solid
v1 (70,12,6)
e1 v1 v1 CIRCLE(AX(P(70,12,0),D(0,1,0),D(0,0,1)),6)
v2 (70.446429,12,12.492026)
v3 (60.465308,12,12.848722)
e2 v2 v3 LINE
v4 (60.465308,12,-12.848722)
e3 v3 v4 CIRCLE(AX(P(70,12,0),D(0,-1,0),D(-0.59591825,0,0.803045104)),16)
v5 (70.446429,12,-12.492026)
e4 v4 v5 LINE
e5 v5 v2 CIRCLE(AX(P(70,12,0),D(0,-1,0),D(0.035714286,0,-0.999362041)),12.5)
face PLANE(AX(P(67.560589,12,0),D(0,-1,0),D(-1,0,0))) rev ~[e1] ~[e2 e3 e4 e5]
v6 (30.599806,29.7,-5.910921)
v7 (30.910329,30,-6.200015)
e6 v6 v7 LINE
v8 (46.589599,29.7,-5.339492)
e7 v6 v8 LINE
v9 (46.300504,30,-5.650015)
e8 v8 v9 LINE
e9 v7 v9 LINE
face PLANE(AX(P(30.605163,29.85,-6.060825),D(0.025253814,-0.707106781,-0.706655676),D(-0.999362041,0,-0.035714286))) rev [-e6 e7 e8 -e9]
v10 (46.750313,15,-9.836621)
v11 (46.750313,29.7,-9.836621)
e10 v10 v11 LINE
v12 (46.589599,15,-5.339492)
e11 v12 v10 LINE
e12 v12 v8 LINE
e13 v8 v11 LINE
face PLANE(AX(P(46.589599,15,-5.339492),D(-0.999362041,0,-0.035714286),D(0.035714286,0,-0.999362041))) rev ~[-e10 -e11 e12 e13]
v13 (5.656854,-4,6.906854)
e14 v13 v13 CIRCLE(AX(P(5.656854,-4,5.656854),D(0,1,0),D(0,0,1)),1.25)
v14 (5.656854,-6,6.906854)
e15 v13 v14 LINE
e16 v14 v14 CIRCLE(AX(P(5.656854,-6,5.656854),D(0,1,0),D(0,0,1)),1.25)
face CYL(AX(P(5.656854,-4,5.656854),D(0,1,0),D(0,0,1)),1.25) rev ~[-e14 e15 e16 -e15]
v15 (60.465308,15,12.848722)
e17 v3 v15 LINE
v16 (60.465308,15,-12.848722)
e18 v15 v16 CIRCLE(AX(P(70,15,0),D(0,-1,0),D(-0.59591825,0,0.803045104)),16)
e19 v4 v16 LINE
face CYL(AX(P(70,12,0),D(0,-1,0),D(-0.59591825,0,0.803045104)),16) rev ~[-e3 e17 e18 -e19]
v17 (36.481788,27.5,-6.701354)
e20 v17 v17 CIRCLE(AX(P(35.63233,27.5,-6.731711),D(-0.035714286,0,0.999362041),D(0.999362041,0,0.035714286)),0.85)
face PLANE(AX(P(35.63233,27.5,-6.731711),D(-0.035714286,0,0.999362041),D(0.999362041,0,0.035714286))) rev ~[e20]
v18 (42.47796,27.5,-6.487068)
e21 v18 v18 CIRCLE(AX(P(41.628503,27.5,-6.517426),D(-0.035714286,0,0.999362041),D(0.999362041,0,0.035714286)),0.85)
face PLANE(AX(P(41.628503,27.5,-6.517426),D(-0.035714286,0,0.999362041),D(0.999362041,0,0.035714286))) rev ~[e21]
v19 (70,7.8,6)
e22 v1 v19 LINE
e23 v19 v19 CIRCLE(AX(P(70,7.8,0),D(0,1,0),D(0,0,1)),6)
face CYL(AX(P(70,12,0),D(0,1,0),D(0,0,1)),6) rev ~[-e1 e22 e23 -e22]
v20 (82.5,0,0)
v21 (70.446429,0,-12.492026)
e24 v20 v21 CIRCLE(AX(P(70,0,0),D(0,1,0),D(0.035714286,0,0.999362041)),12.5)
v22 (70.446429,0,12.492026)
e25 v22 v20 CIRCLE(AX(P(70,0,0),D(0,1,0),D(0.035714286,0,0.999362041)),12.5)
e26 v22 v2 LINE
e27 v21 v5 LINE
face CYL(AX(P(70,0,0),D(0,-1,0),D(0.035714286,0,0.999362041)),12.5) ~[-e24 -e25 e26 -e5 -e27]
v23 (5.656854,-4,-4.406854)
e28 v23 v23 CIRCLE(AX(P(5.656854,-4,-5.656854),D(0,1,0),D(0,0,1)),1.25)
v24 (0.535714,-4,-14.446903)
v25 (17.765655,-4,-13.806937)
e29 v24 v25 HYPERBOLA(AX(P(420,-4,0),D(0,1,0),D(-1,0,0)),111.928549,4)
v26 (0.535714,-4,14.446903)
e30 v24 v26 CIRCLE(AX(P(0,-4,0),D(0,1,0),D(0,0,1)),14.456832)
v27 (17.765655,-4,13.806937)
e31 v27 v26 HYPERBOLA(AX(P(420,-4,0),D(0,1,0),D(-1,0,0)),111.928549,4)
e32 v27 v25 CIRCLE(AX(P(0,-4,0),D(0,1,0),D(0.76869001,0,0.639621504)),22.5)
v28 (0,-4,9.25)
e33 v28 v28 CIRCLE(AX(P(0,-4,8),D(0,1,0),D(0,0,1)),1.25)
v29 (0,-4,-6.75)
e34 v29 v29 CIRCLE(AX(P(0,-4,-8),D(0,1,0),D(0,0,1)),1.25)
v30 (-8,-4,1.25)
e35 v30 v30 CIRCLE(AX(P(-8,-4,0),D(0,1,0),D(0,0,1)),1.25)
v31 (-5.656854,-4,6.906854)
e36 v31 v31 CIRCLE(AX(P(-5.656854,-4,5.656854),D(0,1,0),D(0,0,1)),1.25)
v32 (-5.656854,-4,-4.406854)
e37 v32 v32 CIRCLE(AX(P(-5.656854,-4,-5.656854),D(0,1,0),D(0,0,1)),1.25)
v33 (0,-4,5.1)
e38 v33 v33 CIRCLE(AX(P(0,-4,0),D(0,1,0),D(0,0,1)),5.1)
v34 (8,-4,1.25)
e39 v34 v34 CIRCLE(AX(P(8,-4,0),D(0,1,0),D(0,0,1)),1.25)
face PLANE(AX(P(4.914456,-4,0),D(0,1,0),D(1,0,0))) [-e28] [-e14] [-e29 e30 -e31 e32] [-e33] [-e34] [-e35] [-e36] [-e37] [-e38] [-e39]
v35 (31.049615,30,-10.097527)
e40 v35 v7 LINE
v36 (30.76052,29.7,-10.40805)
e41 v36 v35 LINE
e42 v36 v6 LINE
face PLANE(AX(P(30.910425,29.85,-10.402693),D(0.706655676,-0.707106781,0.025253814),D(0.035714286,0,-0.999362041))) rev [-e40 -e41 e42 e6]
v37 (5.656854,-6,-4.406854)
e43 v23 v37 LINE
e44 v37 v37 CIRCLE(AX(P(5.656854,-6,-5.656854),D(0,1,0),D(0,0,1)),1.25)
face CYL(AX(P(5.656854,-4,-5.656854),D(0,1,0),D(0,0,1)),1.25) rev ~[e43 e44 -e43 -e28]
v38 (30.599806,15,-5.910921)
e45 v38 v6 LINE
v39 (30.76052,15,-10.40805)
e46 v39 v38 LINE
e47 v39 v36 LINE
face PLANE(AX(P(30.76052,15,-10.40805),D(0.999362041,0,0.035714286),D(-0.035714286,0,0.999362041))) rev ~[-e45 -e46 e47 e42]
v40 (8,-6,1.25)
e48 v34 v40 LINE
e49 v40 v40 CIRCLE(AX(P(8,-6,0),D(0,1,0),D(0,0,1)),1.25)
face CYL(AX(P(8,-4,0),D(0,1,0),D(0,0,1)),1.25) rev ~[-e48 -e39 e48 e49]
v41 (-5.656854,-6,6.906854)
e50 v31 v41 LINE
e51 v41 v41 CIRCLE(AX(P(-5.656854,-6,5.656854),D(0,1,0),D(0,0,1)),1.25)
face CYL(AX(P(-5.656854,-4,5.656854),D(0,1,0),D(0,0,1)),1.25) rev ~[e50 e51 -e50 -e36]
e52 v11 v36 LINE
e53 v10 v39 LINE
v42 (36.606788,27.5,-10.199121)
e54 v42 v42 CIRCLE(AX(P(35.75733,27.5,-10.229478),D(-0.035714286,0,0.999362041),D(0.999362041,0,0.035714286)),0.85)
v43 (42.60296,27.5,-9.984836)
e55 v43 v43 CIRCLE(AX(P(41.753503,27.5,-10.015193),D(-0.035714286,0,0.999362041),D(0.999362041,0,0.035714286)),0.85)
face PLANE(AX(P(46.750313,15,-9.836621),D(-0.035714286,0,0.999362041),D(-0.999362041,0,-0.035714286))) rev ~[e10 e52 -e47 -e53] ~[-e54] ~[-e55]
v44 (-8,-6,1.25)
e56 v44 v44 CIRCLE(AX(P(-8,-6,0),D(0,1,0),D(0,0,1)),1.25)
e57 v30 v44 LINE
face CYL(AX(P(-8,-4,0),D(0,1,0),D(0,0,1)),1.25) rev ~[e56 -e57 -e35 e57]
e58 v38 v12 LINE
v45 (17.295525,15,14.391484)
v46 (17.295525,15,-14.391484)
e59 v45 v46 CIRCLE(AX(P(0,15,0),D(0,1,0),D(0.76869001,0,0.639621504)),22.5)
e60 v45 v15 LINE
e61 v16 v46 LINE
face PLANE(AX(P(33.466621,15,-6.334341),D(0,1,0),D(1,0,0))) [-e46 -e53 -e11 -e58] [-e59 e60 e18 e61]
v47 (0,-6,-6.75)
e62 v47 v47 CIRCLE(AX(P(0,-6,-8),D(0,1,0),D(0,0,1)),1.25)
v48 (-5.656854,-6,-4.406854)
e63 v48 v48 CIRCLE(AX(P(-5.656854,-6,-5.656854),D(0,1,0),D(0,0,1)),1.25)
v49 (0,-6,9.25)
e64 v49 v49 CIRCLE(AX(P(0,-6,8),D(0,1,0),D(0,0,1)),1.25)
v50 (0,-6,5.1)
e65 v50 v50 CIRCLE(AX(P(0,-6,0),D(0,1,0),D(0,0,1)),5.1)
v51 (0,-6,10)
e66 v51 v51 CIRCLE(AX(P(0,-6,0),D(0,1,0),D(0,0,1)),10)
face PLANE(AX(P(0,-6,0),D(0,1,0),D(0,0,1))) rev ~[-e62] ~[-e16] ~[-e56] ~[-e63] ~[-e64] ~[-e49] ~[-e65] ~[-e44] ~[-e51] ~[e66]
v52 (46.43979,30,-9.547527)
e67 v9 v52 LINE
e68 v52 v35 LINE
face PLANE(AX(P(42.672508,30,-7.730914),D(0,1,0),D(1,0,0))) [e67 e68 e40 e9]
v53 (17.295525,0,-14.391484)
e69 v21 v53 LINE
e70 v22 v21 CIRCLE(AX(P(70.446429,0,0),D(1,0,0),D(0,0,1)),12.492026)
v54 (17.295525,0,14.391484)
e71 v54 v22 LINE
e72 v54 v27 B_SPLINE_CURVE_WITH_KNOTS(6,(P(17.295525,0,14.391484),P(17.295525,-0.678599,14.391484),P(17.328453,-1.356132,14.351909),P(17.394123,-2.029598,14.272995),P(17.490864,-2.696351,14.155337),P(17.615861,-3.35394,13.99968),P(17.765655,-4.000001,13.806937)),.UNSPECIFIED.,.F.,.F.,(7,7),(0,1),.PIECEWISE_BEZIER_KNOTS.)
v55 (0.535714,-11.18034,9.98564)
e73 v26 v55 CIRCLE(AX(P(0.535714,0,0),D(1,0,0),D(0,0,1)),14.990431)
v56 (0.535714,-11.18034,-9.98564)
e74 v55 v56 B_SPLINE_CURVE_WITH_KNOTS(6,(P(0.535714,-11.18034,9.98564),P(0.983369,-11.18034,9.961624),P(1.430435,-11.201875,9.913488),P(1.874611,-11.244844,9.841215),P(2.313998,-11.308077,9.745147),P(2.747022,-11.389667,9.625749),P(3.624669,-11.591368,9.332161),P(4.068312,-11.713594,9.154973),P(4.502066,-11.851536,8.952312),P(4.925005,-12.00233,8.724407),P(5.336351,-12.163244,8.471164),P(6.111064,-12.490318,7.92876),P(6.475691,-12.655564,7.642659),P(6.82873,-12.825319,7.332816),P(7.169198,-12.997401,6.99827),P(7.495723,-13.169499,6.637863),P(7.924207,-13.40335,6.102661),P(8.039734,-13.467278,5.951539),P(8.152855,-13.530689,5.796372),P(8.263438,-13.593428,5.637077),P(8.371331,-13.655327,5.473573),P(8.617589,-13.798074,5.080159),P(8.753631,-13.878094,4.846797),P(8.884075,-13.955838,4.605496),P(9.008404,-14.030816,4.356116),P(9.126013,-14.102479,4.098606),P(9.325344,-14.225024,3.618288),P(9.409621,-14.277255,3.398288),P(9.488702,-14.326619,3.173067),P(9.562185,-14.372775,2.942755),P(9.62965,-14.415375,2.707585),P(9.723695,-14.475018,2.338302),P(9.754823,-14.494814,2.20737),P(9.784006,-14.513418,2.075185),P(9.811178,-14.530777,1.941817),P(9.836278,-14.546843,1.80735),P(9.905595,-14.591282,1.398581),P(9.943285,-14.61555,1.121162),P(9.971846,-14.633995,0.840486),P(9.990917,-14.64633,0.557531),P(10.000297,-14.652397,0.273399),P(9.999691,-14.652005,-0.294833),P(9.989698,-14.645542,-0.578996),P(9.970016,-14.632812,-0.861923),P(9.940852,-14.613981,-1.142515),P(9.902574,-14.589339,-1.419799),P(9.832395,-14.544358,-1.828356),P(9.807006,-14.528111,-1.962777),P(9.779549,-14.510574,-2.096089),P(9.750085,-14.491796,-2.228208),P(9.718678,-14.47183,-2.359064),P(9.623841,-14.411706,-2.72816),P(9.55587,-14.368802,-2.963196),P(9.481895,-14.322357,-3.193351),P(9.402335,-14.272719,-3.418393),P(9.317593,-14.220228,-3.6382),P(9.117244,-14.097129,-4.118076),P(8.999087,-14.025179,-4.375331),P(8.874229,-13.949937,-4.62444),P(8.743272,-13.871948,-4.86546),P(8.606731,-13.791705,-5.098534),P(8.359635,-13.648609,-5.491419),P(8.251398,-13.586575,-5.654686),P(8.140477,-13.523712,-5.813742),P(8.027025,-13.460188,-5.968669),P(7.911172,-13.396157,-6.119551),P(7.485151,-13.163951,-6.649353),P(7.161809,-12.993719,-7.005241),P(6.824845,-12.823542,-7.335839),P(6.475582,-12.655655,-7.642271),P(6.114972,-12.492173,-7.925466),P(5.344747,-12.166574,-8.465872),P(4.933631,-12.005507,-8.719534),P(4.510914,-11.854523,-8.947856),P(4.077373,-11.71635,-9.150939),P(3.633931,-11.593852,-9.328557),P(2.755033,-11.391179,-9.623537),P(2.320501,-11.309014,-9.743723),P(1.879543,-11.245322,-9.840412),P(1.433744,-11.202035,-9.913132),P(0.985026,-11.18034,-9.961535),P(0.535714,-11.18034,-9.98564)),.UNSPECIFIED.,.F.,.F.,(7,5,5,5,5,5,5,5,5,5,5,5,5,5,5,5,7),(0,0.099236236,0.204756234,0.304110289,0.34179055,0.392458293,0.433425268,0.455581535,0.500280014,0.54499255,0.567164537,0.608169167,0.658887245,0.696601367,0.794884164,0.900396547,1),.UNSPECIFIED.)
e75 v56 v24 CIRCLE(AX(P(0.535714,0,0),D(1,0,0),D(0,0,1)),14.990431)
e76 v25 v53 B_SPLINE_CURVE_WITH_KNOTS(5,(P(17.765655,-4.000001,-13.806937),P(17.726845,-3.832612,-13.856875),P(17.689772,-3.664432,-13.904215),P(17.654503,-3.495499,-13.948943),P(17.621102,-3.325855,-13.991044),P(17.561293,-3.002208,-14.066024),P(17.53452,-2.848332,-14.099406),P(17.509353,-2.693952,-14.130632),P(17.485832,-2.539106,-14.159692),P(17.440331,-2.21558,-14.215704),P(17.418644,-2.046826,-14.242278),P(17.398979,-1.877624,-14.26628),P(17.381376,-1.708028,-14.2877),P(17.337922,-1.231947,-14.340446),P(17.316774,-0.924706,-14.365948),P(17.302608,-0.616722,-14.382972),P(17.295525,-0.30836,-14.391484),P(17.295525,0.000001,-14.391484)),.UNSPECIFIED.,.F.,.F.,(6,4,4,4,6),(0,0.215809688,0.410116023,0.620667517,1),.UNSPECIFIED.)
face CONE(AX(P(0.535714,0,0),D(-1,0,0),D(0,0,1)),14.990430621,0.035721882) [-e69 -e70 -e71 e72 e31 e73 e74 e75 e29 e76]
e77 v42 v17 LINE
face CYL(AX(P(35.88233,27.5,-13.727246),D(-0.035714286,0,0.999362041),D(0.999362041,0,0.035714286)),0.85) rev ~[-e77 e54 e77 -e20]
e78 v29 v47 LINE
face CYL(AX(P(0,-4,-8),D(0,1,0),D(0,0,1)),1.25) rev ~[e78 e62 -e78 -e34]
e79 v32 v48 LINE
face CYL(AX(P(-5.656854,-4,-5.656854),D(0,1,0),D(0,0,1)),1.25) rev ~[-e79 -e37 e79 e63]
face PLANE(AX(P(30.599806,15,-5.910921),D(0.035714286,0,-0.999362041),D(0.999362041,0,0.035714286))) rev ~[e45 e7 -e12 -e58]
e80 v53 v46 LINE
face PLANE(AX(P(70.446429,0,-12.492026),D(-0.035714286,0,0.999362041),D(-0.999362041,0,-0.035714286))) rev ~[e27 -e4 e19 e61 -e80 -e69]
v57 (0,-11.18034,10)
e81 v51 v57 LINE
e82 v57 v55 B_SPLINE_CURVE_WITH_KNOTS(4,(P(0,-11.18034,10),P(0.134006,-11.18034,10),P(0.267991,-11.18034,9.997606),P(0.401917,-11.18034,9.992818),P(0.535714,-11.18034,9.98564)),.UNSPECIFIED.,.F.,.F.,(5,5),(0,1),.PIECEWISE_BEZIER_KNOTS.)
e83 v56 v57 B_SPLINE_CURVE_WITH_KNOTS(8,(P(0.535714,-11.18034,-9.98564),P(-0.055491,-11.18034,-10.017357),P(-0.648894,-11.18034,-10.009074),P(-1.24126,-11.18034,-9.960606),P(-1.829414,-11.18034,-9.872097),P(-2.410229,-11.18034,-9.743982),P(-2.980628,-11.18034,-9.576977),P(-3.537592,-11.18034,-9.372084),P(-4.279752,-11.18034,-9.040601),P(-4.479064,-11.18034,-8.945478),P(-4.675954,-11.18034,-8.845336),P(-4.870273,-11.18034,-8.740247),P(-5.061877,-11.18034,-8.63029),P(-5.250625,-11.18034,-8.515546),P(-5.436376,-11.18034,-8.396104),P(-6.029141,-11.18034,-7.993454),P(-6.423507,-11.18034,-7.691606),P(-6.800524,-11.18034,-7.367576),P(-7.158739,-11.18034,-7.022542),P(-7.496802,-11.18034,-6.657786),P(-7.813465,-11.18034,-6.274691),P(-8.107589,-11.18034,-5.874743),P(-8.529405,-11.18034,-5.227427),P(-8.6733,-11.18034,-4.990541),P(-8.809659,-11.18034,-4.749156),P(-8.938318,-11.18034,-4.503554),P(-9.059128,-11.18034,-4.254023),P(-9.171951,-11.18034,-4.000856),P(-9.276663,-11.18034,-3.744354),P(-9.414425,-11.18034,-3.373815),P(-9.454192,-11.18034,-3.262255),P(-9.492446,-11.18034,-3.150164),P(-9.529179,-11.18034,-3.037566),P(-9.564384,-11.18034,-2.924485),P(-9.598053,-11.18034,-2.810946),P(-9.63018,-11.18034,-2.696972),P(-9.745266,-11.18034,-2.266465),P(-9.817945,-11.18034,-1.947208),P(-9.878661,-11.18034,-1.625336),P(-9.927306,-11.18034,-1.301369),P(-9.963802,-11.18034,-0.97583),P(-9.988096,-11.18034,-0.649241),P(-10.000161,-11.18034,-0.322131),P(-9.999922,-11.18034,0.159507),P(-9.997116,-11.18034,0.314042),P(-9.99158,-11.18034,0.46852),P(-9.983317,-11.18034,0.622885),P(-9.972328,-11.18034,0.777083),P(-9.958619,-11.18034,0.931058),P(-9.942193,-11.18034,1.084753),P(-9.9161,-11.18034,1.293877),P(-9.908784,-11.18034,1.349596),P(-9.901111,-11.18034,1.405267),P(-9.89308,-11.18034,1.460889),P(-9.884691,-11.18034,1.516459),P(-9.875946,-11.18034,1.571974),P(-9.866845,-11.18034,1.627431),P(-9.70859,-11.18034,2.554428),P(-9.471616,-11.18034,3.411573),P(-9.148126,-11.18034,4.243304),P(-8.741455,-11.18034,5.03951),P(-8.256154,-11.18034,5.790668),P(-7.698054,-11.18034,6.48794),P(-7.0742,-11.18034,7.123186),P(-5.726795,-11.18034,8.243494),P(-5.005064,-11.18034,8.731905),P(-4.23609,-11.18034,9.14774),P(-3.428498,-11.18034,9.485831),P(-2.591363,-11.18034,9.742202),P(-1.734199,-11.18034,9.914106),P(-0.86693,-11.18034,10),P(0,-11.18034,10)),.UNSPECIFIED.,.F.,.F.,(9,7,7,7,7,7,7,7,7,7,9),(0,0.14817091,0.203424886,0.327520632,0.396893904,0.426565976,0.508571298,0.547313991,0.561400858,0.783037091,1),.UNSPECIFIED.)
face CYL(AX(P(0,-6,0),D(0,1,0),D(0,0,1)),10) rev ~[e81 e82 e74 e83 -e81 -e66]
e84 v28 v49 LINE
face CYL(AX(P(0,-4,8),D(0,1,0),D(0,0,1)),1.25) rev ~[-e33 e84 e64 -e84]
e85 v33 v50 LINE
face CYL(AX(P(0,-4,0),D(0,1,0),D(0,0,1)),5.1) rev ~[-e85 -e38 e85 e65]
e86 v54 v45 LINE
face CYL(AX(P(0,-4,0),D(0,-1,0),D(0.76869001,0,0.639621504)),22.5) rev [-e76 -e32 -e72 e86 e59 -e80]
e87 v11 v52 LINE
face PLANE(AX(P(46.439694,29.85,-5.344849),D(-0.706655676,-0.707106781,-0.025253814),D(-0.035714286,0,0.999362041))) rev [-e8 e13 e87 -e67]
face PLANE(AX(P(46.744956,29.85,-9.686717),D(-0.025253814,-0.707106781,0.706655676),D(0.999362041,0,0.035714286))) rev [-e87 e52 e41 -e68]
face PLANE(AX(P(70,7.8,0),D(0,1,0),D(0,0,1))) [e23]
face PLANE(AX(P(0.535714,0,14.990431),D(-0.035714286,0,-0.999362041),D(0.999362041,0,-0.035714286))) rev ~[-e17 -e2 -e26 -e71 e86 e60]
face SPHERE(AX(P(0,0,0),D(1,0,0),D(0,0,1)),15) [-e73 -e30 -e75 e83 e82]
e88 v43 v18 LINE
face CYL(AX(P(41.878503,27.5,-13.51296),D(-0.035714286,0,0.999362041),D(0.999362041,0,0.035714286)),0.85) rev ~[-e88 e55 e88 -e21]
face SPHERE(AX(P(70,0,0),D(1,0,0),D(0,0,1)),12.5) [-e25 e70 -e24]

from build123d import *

# Parameters (mm, degrees)
EXTRUDE_1_DEPTH     = 15
REVOLVE_1_ANGLE     = 180.0000000000004
CUT_EXTRUDE_START   = -19
CUT_EXTRUDE_1_DEPTH = 19
SKETCH_5_R          = 10
CUT_EXTRUDE_2_DEPTH = 87.34958022017247
SKETCH_4_R          = 1.2499999999999991
SKETCH_4_R_2        = 1.2500000000000002
SKETCH_4_R_3        = 1.2499999999999996
SKETCH_4_R_4        = 1.2499999999999987
SKETCH_4_R_5        = 1.2499999999999984
SKETCH_4_R_6        = 1.249999999999999
SKETCH_4_R_7        = 5.1000000000000005
CUT_EXTRUDE_3_DEPTH = 86.88509768172823
CUT_EXTRUDE_START_2 = -3
CUT_EXTRUDE_5_DEPTH = 3
SKETCH_6_R          = 6.000000000000003
CUT_EXTRUDE_4_DEPTH = 4.2
EXTRUDE_2_DEPTH     = 15
CHAMFER_1_SIZE      = 0.3
HOLE_WIZARD_1_D     = 1.7
HOLE_WIZARD_1_DEPTH = 3.5


with BuildPart() as part:
    # 草图2 → 凸台-拉伸1 (new body)
    with BuildSketch(Plane(origin=(0, 0, 0), x_dir=(1, 0, 0), z_dir=(0, 1, 0))):
        with BuildLine():
            Line((70.44642857142858, 12.492025517529665), (0.5357142857142793, 14.990430621035568))
            ThreePointArc((0.5357142857142791, 14.990430621035566), (-10.41547612244118, 10.79434375693384), (-14.99999999999997, 1.22e-15))
            Line((-15, 0), (82.5, -8.67e-15))
            ThreePointArc((82.5, -8.44e-15), (78.99528646411157, 8.679563435367664), (70.44642857142858, 12.492025517529667))
        make_face()
        with BuildLine():
            Line((82.5, -8.67e-15), (-15, 0))
            ThreePointArc((-14.999999999999998, 0), (-10.415476122441204, -10.794343756933866), (0.535714285714286, -14.990430621035598))
            Line((0.5357142857142848, -14.990430621035598), (70.44642857142858, -12.492025517529669))
            ThreePointArc((70.44642857142858, -12.492025517529669), (78.99528646411156, -8.679563435367672), (82.5, -8.72e-15))
        make_face()
    extrude(amount=EXTRUDE_1_DEPTH)

    # 草图1 → 旋转1 (revolve)
    with BuildSketch(Plane(origin=(0, 0, 0), x_dir=(1, 0, 0), z_dir=(0, 1, 0))):
        with BuildLine():
            Line((0.5357142857142848, -14.990430621035598), (70.44642857142858, -12.492025517529669))
            ThreePointArc((70.44642857142858, -12.492025517529669), (78.99528646411156, -8.67956343536767), (82.5, 0))
            Line((82.5, 0), (-15, 0))
            ThreePointArc((-15, 0), (-10.415476122441207, -10.794343756933864), (0.5357142857142848, -14.990430621035598))
        make_face()
    revolve(axis=Axis((70, 0, 8.67e-15), (1, 0, 1.2e-16)), revolution_arc=REVOLVE_1_ANGLE)

    # 草图3 → 切除-拉伸1 (cut)
    with BuildSketch(Plane(origin=(0, 15, 0), x_dir=(1, 0, 0), z_dir=(0, 1, 0)).offset(CUT_EXTRUDE_START)):
        with BuildLine():
            Line((17.295525226029294, 14.391483841348133), (0.5357142857142793, 14.990430621035568))
            ThreePointArc((0.5357142857142793, 14.990430621035568), (-14.999999999999972, 1.84e-15), (0.5357142857142814, -14.990430621035584))
            Line((0.5357142857142814, -14.990430621035584), (17.29552522602928, -14.391483841348148))
            ThreePointArc((17.29552522602928, -14.391483841348148), (22.5, -9.99e-15), (17.295525226029294, 14.391483841348133))
        make_face()
    extrude(amount=CUT_EXTRUDE_1_DEPTH, mode=Mode.SUBTRACT)

    # 草图5 → 切除-拉伸2 (cut, through all)
    with BuildSketch(Plane(origin=(0, -6, 0), x_dir=(1, 0, 0), z_dir=(0, 1, 0))):
        with Locations(Location((0, 0, 0), (0, 0, 270))):
            Circle(SKETCH_5_R)
    extrude(amount=-CUT_EXTRUDE_2_DEPTH, mode=Mode.SUBTRACT)

    # 草图4 → 切除-拉伸3 (cut, through all)
    with BuildSketch(Plane(origin=(0, -4, 0), x_dir=(1, 0, 0), z_dir=(0, 1, 0))):
        with Locations(Location((8, 0, 0), (0, 0, 270))):
            Circle(SKETCH_4_R)
        with Locations(Location((5.656854249492371, -5.656854249492391, 0), (0, 0, 270))):
            Circle(SKETCH_4_R_2)
        with Locations(Location((-2.793e-14, -8, 0), (0, 0, 270))):
            Circle(SKETCH_4_R_3)
        with Locations(Location((-5.656854249492411, -5.65685424949235, 0), (0, 0, 270))):
            Circle(SKETCH_4_R_4)
        with Locations(Location((-8, 5.586e-14, 0), (0, 0, 270))):
            Circle(SKETCH_4_R_5)
        with Locations(Location((-5.65685424949233, 5.656854249492429, 0), (0, 0, 270))):
            Circle(SKETCH_4_R_3)
        with Locations(Location((8.38e-14, 7.999999999999998, 0), (0, 0, 270))):
            Circle(SKETCH_4_R_6)
        with Locations(Location((5.656854249492451, 5.656854249492311, 0), (0, 0, 270))):
            Circle(SKETCH_4_R_6)
        with Locations(Location((0, 0, 0), (0, 0, 270))):
            Circle(SKETCH_4_R_7)
    extrude(amount=-CUT_EXTRUDE_3_DEPTH, mode=Mode.SUBTRACT)

    # 草图11 → 切除-拉伸5 (cut)
    with BuildSketch(Plane(origin=(0, 15, 0), x_dir=(1, 0, 0), z_dir=(0, 1, 0)).offset(CUT_EXTRUDE_START_2)):
        with BuildLine():
            Line((60.46530800021301, 12.848721666733917), (70.44642857142858, 12.492025517529665))
            ThreePointArc((70.44642857142858, 12.492025517529665), (82.5, -8.67e-15), (70.44642857142858, -12.492025517529669))
            Line((70.44642857142858, -12.492025517529669), (60.46530800021299, -12.848721666733926))
            ThreePointArc((60.46530800021299, -12.848721666733926), (54, 3.9e-16), (60.46530800021301, 12.848721666733917))
        make_face()
    extrude(amount=CUT_EXTRUDE_5_DEPTH, mode=Mode.SUBTRACT)

    # 草图6 → 切除-拉伸4 (cut)
    with BuildSketch(Plane(origin=(0, 12, 0), x_dir=(1, 0, 0), z_dir=(0, 1, 0))):
        with Locations(Location((70, -8.67e-15, 0), (0, 0, 270))):
            Circle(SKETCH_6_R)
    extrude(amount=-CUT_EXTRUDE_4_DEPTH, mode=Mode.SUBTRACT)

    # 草图12 → 凸台-拉伸2 (add)
    with BuildSketch(Plane(origin=(0, 15, 0), x_dir=(1, 0, 0), z_dir=(0, 1, 0))):
        Polygon((38.755416613121156, 10.122335609132724), (38.59470232740688, 5.625206422822045), (46.58959865862586, 5.339492137107765), (46.750312944340145, 9.836621323418441), align=None)
        Polygon((30.760520281902174, 10.408049894847004), (30.59980599618789, 5.910920708536326), (38.59470232740688, 5.625206422822045), (38.755416613121156, 10.122335609132724), align=None)
    extrude(amount=EXTRUDE_2_DEPTH)

    # 倒角1
    chamfer_1_edges = [part.edges().sort_by_distance(p)[0] for p in [
        (38.755416613121156, 30, -10.122335609132723),
        (30.680163139045032, 30, -8.159485301691664),
        (38.59470232740688, 30, -5.625206422822045),
        (46.669955801483, 30, -7.588056730263103),
    ]]
    chamfer(chamfer_1_edges, length=CHAMFER_1_SIZE)

    # 孔1
    with Locations(Plane(origin=(0.41071428571427876, 0, -11.492663476127266), x_dir=(-0.9993620414023731, 0, -0.03571428571428518), z_dir=(0.03571428571428518, 0, -0.9993620414023731))):
        with Locations((-41.369180272, 27.499999998), (-35.369180272, 27.499999998)):
            Hole(HOLE_WIZARD_1_D / 2, depth=HOLE_WIZARD_1_DEPTH)


solid = part.part
